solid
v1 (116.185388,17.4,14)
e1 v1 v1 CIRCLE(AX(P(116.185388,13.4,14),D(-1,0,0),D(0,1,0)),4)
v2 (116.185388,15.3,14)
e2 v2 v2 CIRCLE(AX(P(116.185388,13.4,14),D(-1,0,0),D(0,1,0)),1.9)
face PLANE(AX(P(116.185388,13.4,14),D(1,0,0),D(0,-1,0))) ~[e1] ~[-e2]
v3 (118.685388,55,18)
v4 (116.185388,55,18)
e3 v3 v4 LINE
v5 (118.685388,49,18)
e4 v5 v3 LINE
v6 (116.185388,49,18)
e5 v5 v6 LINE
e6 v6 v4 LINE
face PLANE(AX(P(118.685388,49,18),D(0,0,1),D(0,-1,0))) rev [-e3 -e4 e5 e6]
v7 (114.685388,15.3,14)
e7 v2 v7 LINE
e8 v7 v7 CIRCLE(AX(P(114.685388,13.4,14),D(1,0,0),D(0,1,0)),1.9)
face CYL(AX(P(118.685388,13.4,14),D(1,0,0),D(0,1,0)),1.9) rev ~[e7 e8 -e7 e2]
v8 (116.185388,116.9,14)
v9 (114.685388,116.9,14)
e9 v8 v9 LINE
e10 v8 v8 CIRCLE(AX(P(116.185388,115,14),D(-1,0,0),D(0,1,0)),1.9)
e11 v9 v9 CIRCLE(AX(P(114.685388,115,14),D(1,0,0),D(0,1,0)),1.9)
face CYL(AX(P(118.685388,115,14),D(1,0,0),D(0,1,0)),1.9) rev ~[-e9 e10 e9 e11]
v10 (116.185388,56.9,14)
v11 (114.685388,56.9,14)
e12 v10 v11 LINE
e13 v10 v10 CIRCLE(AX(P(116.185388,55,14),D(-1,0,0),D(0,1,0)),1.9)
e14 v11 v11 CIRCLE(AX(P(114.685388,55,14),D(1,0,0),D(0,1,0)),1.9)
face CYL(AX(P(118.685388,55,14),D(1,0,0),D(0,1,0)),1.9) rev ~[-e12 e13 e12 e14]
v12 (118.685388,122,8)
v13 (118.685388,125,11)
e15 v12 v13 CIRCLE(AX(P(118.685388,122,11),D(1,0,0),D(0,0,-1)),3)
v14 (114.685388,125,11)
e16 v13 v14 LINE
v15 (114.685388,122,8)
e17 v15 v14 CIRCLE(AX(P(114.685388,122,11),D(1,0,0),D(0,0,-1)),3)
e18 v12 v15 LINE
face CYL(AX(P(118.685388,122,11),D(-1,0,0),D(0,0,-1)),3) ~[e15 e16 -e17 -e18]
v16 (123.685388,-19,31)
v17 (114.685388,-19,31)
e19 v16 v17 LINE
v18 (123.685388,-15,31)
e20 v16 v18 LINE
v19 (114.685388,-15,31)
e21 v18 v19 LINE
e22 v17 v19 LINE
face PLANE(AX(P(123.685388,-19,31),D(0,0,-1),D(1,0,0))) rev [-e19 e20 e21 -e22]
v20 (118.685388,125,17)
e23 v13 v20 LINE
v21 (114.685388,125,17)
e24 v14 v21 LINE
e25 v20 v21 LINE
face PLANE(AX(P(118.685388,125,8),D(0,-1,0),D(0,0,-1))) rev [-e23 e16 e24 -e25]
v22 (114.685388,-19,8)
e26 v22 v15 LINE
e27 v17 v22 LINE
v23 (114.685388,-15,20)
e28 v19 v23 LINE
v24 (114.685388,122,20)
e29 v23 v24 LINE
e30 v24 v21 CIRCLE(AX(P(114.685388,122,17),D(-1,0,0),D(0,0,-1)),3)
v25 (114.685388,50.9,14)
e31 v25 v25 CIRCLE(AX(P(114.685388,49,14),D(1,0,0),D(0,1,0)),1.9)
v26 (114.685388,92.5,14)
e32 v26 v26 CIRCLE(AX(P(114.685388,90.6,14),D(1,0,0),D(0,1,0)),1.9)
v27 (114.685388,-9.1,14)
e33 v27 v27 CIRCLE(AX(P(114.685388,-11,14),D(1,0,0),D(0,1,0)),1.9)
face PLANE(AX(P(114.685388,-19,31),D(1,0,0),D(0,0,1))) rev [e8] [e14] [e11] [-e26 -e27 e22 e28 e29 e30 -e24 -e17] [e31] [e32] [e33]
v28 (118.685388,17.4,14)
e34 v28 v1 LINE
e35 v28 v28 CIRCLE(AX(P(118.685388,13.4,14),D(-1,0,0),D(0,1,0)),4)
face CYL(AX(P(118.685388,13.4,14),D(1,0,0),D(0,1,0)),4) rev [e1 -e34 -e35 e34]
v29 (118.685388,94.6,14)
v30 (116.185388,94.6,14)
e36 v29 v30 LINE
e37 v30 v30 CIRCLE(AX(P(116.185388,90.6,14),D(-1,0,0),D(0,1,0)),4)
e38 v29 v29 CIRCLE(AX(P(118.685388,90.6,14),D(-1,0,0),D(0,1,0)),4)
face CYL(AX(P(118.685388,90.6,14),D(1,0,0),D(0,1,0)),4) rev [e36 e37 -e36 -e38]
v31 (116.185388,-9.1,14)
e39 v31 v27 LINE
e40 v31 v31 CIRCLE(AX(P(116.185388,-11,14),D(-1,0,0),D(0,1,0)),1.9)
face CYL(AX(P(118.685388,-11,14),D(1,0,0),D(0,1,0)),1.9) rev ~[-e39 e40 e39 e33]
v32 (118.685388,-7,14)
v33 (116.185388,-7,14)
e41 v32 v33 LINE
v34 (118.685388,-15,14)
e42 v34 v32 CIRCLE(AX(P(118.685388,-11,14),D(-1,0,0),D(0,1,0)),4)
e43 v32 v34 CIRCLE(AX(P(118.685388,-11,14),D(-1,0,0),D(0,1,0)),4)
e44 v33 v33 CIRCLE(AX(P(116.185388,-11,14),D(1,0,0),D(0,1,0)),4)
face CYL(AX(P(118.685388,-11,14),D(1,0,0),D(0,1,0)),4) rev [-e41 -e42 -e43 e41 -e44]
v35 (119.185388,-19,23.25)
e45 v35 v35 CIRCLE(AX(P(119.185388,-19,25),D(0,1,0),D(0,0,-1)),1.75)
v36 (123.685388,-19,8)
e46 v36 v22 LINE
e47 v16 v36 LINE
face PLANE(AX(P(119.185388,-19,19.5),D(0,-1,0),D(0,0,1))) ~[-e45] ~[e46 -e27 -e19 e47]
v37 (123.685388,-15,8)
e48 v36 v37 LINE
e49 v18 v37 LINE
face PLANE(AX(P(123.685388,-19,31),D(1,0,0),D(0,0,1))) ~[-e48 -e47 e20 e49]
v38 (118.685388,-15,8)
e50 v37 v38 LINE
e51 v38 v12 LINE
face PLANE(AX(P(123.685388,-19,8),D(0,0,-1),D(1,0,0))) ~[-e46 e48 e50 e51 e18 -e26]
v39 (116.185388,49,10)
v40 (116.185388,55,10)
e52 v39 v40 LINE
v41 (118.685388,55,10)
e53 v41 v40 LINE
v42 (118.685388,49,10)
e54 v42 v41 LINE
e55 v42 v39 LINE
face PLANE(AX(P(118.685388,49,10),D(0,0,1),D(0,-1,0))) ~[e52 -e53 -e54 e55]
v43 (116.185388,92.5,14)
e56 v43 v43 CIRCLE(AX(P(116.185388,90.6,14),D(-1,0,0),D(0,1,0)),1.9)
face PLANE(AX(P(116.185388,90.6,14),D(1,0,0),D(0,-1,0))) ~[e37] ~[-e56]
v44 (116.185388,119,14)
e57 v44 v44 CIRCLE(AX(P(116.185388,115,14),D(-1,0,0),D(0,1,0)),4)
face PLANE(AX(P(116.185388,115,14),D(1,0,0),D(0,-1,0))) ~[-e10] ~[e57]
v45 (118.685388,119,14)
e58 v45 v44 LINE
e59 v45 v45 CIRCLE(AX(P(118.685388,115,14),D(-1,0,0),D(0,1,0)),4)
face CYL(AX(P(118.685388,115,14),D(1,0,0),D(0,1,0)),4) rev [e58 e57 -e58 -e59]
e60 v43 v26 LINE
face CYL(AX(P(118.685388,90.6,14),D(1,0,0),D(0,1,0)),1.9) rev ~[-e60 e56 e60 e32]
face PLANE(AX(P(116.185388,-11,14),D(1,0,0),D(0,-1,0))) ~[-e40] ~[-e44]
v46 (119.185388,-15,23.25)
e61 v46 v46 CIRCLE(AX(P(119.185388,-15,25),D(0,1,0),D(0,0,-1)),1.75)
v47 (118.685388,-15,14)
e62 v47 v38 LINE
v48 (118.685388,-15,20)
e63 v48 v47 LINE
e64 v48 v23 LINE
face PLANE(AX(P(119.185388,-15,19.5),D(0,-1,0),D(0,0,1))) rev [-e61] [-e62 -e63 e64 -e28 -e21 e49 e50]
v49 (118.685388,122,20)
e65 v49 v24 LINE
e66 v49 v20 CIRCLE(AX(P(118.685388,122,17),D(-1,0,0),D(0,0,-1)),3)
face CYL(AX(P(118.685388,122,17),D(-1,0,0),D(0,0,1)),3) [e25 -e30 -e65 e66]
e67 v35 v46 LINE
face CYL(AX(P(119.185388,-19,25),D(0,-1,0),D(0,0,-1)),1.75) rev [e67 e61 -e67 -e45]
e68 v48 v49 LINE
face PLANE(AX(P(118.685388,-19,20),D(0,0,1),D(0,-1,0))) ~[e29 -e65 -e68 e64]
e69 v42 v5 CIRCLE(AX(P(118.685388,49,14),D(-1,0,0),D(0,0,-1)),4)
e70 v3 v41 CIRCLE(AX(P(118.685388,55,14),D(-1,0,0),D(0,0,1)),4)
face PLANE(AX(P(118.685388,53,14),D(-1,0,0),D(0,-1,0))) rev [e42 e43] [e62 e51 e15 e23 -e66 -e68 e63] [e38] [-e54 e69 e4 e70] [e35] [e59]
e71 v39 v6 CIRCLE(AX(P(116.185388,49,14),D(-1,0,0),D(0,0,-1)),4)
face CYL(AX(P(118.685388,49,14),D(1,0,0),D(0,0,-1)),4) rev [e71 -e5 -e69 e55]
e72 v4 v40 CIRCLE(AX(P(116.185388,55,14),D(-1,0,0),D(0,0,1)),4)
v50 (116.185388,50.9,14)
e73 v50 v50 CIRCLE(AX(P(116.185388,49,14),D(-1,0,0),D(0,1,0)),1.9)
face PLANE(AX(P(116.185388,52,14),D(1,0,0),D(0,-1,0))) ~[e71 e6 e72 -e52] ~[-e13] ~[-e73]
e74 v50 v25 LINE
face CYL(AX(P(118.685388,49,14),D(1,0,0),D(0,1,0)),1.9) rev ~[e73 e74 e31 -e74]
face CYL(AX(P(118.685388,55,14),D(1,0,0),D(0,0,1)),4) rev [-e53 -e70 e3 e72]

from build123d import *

# Parameters (mm, degrees)
SKETCH050_W             = 144
SKETCH050_H             = 12
SKETCH050_R             = 1.9
PAD014_DEPTH            = 4
SKETCH051_R             = 4
POCKET036_DEPTH         = 2.5
FILLET012_R             = 3
SKETCH052_W             = 23
SKETCH052_H             = 9
SKETCH052_R             = 1.75
PAD015_DEPTH            = 4
BODY012_PLACEMENT_ANGLE = 270


with BuildPart() as hhdsidev2:
    # Sketch050 → Pad014 (new body)
    with BuildSketch(Plane.XZ):
        with Locations((-68, 6)):
            Rectangle(SKETCH050_W, SKETCH050_H)
        with Locations((-66, 6)):
            Circle(SKETCH050_R, mode=Mode.SUBTRACT)
        with Locations((-6, 6)):
            Circle(SKETCH050_R, mode=Mode.SUBTRACT)
        with Locations((-107.6, 6)):
            Circle(SKETCH050_R, mode=Mode.SUBTRACT)
        with Locations((-30.4, 6)):
            Circle(SKETCH050_R, mode=Mode.SUBTRACT)
        with Locations((-72, 6)):
            Circle(SKETCH050_R, mode=Mode.SUBTRACT)
        with Locations((-132, 6)):
            Circle(SKETCH050_R, mode=Mode.SUBTRACT)
    extrude(amount=PAD014_DEPTH)

    # Sketch051 (on Face11 of Pad014) → Pocket036 (cut)
    with BuildSketch(Plane(origin=(0, 0, 0), x_dir=(1, 0, 0), z_dir=(0, 1, 0))):
        with Locations((-107.6, -6)):
            Circle(SKETCH051_R)
        with Locations((-6, -6)):
            Circle(SKETCH051_R)
        with Locations((-30.4, -6)):
            Circle(SKETCH051_R)
        with Locations((-132, -6)):
            Circle(SKETCH051_R)
        with BuildLine():
            ThreePointArc((-72, -2), (-76, -6), (-72, -10))
            Line((-72, -10), (-66, -10))
            ThreePointArc((-66, -10), (-62, -6), (-66, -2))
            Line((-72, -2), (-66, -2))
        make_face()
    extrude(amount=-POCKET036_DEPTH, mode=Mode.SUBTRACT)

    # Fillet012
    fillet012_edges = [hhdsidev2.edges().sort_by_distance(p)[0] for p in [
        (4, -2, 12),
        (4, -2, 0),
    ]]
    fillet(fillet012_edges, radius=FILLET012_R)

    # Sketch052 (on Face4 of Fillet012) → Pad015 (join)
    with BuildSketch(Plane(origin=(-140, 0, 0), x_dir=(0, 0, -1), z_dir=(-1, 0, 0))):
        with Locations((-11.5, -0.5)):
            Rectangle(SKETCH052_W, SKETCH052_H)
        with Locations((-17, -0.5)):
            Circle(SKETCH052_R, mode=Mode.SUBTRACT)
    extrude(amount=-PAD015_DEPTH)


with BuildPart() as hhdsidev2_1:
    # Body012 placement: moved
    add(hhdsidev2.part.moved(Location((8.5, 121, 8))).rotate(Axis((8.5, 121, 8), (0, 0, -1)), BODY012_PLACEMENT_ANGLE))


with BuildPart() as hhdsidev2_mirrored:
    # Mirror001: instance of hhdSideV2
    add(hhdsidev2_1.part.mirror(Plane(origin=(3.1926938796, 78.5247560814, 0), x_dir=(0, 1, 0), z_dir=(-1, 0, 0))))


with BuildPart() as hhdsidev2_mirrored_1:
    # Mirror001 placement: moved
    add(hhdsidev2_mirrored.part.moved(Location((120.8, 0, 0))))


solid = hhdsidev2_mirrored_1.part
